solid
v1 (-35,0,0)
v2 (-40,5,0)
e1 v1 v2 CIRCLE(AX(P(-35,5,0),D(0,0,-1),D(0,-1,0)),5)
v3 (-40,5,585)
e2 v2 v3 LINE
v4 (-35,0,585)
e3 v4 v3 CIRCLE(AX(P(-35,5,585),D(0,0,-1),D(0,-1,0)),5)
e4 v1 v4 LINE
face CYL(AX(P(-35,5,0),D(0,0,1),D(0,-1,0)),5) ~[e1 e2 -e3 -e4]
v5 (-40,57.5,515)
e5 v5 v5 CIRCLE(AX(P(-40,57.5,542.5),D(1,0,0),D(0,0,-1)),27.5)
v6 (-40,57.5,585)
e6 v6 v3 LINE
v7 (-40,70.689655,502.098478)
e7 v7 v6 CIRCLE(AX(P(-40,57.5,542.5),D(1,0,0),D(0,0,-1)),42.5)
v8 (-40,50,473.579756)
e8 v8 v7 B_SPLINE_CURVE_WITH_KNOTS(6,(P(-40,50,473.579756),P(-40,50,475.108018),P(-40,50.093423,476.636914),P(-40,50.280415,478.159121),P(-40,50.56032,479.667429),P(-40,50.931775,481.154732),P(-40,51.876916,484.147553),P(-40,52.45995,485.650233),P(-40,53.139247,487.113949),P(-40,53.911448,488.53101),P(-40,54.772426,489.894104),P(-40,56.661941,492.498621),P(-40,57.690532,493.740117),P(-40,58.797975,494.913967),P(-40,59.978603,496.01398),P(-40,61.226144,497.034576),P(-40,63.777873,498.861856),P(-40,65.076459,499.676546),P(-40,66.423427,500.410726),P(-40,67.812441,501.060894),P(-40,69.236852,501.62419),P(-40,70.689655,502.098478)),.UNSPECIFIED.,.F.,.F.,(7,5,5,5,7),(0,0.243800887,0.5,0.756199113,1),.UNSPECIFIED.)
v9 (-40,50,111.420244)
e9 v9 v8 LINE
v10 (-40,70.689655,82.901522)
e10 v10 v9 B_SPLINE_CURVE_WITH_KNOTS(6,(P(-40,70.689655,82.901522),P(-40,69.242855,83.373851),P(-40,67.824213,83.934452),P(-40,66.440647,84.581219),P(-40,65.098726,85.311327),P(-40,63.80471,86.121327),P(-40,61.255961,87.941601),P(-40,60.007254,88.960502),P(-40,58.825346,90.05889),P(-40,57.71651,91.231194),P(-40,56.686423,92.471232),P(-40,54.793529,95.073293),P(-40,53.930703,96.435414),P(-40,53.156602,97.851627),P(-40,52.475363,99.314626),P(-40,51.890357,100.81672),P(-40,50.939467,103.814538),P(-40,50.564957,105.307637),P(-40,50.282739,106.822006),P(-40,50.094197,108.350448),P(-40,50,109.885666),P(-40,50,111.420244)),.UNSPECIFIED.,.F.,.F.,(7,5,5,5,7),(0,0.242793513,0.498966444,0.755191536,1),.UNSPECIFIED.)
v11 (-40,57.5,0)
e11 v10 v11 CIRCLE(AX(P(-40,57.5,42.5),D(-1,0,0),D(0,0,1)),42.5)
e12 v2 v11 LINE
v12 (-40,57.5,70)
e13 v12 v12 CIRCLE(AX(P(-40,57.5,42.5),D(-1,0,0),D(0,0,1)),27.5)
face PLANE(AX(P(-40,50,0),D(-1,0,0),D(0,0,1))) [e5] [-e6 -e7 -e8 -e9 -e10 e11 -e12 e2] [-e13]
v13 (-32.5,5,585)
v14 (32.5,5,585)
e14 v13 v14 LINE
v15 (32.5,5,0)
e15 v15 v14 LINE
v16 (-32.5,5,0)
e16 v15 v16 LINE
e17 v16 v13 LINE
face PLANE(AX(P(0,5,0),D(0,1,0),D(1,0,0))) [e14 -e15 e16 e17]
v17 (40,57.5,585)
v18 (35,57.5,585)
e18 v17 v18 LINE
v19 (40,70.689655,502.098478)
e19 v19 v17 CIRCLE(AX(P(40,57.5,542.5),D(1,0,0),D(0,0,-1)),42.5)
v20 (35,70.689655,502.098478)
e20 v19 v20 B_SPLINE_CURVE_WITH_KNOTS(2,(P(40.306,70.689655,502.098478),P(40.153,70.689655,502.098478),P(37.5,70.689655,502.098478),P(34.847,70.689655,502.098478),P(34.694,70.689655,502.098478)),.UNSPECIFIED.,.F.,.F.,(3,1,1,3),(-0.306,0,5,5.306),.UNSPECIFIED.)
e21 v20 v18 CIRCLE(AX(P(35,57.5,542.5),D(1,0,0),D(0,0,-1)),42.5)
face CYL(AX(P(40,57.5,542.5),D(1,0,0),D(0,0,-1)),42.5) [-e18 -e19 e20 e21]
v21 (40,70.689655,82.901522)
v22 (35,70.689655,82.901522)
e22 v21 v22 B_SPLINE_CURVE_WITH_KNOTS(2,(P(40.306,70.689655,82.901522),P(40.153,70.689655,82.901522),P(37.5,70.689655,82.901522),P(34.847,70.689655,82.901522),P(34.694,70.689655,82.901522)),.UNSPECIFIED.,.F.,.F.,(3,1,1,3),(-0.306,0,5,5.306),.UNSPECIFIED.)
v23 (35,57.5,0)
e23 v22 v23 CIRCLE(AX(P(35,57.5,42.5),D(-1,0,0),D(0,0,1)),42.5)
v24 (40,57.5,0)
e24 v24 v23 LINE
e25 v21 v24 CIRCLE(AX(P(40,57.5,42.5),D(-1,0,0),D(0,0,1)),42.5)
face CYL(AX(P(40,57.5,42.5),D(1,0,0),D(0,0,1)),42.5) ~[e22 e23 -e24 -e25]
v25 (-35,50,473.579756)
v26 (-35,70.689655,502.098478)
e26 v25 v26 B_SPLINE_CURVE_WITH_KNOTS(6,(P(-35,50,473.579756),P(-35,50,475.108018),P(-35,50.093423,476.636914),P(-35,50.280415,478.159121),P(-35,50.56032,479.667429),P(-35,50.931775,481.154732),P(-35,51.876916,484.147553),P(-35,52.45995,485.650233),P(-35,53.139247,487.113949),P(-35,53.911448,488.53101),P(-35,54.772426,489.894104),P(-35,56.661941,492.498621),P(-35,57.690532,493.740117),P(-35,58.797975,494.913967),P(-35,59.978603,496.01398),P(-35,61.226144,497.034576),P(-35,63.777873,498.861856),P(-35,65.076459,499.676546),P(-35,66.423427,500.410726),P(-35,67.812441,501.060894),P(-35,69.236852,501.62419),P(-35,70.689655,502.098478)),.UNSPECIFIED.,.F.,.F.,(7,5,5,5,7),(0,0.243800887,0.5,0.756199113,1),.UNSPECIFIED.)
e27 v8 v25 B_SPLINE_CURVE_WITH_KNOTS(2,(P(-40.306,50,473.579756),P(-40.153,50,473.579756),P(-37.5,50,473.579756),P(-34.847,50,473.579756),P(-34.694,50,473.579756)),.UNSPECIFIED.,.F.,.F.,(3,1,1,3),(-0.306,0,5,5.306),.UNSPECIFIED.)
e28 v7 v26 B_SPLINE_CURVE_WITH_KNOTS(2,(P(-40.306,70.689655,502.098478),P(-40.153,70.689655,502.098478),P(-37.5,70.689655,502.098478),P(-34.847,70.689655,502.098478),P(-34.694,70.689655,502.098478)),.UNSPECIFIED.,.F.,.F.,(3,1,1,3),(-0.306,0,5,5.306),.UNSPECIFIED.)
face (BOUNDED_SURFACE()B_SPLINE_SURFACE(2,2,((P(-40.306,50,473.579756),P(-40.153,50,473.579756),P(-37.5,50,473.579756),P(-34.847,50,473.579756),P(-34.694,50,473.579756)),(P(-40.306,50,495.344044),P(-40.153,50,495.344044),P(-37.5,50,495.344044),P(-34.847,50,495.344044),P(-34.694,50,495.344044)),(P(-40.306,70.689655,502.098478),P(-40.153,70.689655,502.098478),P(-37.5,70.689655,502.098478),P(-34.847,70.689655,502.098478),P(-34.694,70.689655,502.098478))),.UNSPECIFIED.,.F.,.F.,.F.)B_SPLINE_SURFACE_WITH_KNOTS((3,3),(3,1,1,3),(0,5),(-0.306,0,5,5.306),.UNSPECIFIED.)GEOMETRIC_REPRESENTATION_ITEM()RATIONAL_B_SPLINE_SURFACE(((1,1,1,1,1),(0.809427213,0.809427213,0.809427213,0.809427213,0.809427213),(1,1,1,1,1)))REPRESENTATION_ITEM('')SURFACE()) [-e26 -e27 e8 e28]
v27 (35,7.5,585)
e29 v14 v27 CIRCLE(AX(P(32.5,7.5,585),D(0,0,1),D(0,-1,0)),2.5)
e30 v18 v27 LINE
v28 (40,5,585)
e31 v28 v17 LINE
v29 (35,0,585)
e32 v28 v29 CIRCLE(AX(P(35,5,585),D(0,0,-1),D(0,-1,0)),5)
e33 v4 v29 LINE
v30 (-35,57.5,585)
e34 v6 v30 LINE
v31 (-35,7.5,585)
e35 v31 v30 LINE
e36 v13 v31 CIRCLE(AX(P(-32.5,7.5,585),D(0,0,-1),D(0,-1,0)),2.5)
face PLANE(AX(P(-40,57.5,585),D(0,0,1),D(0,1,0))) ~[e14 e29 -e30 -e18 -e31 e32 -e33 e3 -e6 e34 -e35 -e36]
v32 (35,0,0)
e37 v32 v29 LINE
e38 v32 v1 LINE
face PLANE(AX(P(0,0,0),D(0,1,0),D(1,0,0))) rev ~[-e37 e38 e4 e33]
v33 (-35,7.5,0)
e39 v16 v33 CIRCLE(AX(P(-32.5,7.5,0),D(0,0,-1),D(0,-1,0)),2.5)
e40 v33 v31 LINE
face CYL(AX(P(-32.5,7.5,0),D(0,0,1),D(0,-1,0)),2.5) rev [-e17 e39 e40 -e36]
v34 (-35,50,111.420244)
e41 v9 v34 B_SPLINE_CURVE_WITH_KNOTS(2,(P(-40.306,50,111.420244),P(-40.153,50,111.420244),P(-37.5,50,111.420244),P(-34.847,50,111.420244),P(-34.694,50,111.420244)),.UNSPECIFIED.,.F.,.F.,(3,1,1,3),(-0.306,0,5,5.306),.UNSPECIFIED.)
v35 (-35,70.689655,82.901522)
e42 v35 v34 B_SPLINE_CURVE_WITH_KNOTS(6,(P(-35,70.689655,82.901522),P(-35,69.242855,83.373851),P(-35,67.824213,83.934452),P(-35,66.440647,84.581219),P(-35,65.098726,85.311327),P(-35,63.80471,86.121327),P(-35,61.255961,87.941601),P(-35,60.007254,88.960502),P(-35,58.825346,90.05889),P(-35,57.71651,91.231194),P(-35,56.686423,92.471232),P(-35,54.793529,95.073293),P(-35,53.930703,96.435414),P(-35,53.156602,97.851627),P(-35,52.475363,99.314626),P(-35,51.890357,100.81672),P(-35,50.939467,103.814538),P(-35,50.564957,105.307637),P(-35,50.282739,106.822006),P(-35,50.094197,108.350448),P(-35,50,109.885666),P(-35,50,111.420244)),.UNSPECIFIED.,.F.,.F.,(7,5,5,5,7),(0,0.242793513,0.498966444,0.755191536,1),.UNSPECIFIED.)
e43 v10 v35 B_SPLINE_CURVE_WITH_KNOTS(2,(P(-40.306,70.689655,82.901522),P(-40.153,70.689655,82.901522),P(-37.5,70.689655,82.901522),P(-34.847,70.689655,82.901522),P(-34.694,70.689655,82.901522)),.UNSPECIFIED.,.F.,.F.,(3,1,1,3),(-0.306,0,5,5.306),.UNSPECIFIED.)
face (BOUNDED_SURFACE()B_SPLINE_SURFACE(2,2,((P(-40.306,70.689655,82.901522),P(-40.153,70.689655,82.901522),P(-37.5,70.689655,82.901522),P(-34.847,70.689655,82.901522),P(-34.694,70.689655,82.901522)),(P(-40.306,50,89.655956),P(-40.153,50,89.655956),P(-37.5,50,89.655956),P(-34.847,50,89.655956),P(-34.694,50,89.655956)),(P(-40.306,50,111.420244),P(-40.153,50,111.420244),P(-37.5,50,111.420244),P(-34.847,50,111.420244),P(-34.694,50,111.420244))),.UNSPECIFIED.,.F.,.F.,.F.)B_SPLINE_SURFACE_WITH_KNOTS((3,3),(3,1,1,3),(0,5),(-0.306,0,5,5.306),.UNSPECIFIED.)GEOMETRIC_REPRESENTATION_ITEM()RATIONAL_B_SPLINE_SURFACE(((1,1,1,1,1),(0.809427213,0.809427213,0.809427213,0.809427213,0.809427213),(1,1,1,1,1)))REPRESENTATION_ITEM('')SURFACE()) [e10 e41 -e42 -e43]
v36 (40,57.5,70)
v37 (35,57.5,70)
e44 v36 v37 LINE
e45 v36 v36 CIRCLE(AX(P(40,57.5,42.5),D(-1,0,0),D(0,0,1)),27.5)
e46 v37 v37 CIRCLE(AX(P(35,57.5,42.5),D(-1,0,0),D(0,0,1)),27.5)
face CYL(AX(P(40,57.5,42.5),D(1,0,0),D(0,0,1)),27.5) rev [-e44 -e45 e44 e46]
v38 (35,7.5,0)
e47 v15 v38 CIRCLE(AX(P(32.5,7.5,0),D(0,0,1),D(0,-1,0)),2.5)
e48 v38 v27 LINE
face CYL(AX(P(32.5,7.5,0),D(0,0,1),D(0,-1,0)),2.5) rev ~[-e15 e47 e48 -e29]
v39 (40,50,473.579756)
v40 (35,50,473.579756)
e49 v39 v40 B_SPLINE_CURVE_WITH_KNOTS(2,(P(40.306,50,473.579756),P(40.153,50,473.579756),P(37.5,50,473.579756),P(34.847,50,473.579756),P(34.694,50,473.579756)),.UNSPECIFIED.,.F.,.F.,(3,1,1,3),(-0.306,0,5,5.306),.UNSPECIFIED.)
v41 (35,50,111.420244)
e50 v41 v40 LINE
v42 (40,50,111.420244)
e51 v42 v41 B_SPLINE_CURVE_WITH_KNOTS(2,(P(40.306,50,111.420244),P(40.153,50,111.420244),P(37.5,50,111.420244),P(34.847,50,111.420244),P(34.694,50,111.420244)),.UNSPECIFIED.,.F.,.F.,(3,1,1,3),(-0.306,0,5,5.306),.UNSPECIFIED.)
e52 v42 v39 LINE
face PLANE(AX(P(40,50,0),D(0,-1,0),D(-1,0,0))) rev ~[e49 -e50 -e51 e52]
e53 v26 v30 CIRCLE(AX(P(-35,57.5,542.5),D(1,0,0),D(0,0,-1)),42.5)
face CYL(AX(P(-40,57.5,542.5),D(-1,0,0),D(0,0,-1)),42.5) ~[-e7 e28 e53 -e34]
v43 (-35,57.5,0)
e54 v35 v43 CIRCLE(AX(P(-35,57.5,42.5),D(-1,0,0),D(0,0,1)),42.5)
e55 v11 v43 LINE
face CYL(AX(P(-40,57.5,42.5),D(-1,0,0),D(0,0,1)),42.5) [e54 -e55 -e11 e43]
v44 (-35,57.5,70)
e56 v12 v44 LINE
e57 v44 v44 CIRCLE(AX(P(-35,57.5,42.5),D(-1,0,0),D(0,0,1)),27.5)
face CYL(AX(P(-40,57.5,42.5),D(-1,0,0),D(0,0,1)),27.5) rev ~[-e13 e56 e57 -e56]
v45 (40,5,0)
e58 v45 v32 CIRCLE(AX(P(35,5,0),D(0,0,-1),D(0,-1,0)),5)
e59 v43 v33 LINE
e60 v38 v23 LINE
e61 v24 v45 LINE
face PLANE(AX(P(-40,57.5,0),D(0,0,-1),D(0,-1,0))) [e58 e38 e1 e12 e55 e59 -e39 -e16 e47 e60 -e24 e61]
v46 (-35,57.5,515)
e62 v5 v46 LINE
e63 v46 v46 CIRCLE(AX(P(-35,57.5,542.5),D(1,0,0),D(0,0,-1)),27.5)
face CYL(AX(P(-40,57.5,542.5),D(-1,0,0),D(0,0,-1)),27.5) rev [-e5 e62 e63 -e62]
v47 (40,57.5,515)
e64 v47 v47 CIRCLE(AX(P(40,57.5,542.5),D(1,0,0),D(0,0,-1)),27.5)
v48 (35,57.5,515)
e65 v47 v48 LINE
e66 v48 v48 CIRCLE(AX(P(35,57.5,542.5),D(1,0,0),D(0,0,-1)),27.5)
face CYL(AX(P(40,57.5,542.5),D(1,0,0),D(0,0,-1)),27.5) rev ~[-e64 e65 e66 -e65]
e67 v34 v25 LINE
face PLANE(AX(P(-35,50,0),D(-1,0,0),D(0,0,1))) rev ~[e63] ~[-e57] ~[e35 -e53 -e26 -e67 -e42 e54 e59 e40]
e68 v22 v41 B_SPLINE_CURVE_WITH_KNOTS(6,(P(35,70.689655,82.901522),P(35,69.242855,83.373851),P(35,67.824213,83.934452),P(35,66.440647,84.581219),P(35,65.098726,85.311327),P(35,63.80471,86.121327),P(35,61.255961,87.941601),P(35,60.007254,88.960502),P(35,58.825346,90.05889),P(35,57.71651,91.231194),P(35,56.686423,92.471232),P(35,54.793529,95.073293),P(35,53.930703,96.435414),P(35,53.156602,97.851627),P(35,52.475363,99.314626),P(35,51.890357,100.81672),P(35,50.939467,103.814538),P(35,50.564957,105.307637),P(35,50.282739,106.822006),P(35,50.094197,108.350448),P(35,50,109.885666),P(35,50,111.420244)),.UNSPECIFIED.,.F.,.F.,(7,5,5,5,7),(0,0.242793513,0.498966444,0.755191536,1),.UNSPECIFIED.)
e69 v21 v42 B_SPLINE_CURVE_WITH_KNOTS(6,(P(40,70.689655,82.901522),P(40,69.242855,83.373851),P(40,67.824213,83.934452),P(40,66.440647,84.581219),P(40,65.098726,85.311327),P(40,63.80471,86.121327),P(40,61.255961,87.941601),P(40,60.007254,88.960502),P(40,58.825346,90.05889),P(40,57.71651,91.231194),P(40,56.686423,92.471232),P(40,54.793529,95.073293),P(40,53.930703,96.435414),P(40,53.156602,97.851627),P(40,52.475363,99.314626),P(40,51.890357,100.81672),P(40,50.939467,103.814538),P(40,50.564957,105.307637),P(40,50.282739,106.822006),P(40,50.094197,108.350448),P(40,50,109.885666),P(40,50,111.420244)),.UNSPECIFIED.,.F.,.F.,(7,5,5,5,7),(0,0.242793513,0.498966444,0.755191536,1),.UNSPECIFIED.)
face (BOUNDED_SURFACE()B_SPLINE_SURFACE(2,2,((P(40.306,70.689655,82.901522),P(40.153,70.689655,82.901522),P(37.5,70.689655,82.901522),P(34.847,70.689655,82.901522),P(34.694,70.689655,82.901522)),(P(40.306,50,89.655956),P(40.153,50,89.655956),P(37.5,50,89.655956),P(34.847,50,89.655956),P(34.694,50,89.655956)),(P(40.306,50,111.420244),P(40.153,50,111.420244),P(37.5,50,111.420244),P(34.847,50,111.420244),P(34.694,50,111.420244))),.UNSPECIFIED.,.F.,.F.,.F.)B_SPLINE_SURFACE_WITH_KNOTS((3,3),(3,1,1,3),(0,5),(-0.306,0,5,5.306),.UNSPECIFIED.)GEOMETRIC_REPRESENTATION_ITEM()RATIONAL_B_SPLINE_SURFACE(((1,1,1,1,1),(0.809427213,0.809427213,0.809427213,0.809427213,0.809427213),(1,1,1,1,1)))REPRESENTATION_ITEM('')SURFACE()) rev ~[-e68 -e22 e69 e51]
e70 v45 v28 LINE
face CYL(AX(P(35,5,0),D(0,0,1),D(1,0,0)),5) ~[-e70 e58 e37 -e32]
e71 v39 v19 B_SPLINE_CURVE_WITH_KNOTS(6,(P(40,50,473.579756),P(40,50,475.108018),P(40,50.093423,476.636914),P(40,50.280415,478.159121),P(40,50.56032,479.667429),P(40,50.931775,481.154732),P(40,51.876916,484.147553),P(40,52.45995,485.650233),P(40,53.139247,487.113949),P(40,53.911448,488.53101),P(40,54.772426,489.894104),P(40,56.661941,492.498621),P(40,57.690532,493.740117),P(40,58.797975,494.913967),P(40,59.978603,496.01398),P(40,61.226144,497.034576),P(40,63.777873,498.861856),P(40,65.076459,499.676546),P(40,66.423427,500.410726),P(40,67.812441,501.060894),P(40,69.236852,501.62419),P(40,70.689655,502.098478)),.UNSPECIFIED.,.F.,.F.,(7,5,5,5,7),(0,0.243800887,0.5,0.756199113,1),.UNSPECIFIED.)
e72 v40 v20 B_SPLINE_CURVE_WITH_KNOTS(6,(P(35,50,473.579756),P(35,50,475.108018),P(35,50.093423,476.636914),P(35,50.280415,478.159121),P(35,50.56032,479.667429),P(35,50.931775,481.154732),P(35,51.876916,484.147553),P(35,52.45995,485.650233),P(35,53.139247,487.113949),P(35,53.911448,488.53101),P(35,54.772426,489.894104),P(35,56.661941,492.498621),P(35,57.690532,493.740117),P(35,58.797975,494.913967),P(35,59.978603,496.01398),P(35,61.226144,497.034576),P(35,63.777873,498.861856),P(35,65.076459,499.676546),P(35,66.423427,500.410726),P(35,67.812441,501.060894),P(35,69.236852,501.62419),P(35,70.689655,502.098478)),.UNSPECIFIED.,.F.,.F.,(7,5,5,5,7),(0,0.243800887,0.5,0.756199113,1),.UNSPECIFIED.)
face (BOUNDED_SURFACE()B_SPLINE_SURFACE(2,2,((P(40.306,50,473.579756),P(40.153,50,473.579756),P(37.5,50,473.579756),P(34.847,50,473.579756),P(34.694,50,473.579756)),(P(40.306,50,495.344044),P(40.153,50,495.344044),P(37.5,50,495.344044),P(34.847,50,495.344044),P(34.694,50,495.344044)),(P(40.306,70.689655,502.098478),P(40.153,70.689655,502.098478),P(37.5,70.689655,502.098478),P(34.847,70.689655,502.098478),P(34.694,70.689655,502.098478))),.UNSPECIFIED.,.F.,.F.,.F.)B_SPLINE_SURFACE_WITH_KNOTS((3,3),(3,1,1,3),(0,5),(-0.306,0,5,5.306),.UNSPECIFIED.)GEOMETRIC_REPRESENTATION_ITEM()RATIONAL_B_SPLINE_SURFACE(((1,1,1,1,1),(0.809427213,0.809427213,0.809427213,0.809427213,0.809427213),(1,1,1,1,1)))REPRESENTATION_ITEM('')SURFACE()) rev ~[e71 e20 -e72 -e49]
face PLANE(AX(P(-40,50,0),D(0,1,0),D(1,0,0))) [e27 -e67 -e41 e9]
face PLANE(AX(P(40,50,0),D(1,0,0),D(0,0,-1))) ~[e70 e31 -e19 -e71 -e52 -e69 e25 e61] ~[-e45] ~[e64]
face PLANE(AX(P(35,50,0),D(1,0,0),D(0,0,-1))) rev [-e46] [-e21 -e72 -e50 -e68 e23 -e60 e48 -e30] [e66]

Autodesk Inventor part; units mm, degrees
ref_plane "XZ Plane" through (0, 0, 0) normal (0, 1, 0) x (-1, 0, 0)
sketch "Skizze1" plane through (0, 0, 0) normal (0, 0, 1) x (1, 0, 0)
  line L0 (0, 60) -> (0, -10) projected
  line L1 (-56, 0) -> (56, 0) projected
  line L2 (-56, 0) -> (56, 0) projected
  line L3 (0, -10) -> (0, 60) projected
  line L4 (-40, 0) -> (40, 0)
  line L5 (-40, 0) -> (-40, 50)
  line L6 (40, 0) -> (40, 50)
  line L7 (-35, 50) -> (-35, 5)
  line L8 (-35, 5) -> (35, 5)
  line L9 (35, 5) -> (35, 50)
  line L10 (-40, 50) -> (-35, 50)
  line L11 (40, 50) -> (35, 50)
  point P0 (0, 0)
  point P1 (0, 0)
  dimension "d0" = 80
  dimension "d1" = 50
  dimension "d2" = 50
  dimension "d4" = 5
extrude "Extrusion1" add sketch "Skizze1" along normal blind 585
fillet "Rundung1" radius 2.5 2 edges at (-35, 5, 292.5) (35, 5, 292.5)
fillet "Rundung1" radius 5 2 edges at (40, 0, 292.5) (-40, 0, 292.5)
sketch "Skizze2" plane through (40, 50, 585) normal (1, 0, 0) x (0, 0, -1)
  line L0 (585, -45) -> (0, -45) projected
  line L1 (585, -45) -> (585, 0) projected
  line L2 (585, 0) -> (0, 0) projected
  line L3 (0, -45) -> (0, 0) projected
  line L4 (0, -45) -> (0, -50) projected
  line L5 (0, -50) -> (585, -50) projected
  line L6 (585, -50) -> (585, -45) projected
  line L7 (585, -45) -> (0, -45) projected
  arc A0 (85, 7.5) -> (0, 7.5) centre (42.5, 7.5) ccw
  line L8 (0, 7.5) -> (0, 0)
  line L9 (85, 7.5) -> (85, 0)
  point P0 (585, -50)
  dimension "d9" = 85
  dimension "d10" = 100
  dimension "d11" = 42.5
extrude "Extrusion2" add sketch "Skizze2" against normal blind 5 contours L8 A0 L9 L2
sketch "Skizze3" plane through (40, 5, 0) normal (1, 0, 0) x (0, 0, -1)
  line L0 (0, 0) -> (-585, 0) projected
  line L1 (0, 0) -> (0, 45) projected
  line L2 (0, 45) -> (-500, 45) projected
  line L3 (-500, 45) -> (-500, 52.5) projected
  arc A0 (-500, 52.5) -> (-585, 52.5) centre (-542.5, 52.5) ccw projected
  line L4 (-585, 0) -> (-585, 52.5) projected
  circle A1 centre (-542.5, 52.5) radius 27.5
  point P0 (0, -5)
  dimension "d14" = 55
extrude "Extrusion3" cut sketch "Skizze3" against normal blind 5 contours A1
ref_plane "Arbeitsebene1" through (40, 5, 292.5) normal (0, 0, 1) x (1, 0, 0)
ref_plane "Arbeitsebene2" through (0, 0, 0) normal (1, 0, 0) x (0, 1, 0)
mirror "Spiegeln1" about plane through (40, 5, 292.5) normal (0, 0, 1) of "Extrusion2", "Extrusion3"
mirror "Spiegeln2" about plane through (0, 0, 0) normal (1, 0, 0) of "Extrusion2", "Extrusion3", "Spiegeln1"
fillet "Rundung2" radius 30 4 edges at (37.5, 50, 500) (-37.5, 50, 500) (-37.5, 50, 85) (37.5, 50, 85)
properties part number "Randschiene 2L"
